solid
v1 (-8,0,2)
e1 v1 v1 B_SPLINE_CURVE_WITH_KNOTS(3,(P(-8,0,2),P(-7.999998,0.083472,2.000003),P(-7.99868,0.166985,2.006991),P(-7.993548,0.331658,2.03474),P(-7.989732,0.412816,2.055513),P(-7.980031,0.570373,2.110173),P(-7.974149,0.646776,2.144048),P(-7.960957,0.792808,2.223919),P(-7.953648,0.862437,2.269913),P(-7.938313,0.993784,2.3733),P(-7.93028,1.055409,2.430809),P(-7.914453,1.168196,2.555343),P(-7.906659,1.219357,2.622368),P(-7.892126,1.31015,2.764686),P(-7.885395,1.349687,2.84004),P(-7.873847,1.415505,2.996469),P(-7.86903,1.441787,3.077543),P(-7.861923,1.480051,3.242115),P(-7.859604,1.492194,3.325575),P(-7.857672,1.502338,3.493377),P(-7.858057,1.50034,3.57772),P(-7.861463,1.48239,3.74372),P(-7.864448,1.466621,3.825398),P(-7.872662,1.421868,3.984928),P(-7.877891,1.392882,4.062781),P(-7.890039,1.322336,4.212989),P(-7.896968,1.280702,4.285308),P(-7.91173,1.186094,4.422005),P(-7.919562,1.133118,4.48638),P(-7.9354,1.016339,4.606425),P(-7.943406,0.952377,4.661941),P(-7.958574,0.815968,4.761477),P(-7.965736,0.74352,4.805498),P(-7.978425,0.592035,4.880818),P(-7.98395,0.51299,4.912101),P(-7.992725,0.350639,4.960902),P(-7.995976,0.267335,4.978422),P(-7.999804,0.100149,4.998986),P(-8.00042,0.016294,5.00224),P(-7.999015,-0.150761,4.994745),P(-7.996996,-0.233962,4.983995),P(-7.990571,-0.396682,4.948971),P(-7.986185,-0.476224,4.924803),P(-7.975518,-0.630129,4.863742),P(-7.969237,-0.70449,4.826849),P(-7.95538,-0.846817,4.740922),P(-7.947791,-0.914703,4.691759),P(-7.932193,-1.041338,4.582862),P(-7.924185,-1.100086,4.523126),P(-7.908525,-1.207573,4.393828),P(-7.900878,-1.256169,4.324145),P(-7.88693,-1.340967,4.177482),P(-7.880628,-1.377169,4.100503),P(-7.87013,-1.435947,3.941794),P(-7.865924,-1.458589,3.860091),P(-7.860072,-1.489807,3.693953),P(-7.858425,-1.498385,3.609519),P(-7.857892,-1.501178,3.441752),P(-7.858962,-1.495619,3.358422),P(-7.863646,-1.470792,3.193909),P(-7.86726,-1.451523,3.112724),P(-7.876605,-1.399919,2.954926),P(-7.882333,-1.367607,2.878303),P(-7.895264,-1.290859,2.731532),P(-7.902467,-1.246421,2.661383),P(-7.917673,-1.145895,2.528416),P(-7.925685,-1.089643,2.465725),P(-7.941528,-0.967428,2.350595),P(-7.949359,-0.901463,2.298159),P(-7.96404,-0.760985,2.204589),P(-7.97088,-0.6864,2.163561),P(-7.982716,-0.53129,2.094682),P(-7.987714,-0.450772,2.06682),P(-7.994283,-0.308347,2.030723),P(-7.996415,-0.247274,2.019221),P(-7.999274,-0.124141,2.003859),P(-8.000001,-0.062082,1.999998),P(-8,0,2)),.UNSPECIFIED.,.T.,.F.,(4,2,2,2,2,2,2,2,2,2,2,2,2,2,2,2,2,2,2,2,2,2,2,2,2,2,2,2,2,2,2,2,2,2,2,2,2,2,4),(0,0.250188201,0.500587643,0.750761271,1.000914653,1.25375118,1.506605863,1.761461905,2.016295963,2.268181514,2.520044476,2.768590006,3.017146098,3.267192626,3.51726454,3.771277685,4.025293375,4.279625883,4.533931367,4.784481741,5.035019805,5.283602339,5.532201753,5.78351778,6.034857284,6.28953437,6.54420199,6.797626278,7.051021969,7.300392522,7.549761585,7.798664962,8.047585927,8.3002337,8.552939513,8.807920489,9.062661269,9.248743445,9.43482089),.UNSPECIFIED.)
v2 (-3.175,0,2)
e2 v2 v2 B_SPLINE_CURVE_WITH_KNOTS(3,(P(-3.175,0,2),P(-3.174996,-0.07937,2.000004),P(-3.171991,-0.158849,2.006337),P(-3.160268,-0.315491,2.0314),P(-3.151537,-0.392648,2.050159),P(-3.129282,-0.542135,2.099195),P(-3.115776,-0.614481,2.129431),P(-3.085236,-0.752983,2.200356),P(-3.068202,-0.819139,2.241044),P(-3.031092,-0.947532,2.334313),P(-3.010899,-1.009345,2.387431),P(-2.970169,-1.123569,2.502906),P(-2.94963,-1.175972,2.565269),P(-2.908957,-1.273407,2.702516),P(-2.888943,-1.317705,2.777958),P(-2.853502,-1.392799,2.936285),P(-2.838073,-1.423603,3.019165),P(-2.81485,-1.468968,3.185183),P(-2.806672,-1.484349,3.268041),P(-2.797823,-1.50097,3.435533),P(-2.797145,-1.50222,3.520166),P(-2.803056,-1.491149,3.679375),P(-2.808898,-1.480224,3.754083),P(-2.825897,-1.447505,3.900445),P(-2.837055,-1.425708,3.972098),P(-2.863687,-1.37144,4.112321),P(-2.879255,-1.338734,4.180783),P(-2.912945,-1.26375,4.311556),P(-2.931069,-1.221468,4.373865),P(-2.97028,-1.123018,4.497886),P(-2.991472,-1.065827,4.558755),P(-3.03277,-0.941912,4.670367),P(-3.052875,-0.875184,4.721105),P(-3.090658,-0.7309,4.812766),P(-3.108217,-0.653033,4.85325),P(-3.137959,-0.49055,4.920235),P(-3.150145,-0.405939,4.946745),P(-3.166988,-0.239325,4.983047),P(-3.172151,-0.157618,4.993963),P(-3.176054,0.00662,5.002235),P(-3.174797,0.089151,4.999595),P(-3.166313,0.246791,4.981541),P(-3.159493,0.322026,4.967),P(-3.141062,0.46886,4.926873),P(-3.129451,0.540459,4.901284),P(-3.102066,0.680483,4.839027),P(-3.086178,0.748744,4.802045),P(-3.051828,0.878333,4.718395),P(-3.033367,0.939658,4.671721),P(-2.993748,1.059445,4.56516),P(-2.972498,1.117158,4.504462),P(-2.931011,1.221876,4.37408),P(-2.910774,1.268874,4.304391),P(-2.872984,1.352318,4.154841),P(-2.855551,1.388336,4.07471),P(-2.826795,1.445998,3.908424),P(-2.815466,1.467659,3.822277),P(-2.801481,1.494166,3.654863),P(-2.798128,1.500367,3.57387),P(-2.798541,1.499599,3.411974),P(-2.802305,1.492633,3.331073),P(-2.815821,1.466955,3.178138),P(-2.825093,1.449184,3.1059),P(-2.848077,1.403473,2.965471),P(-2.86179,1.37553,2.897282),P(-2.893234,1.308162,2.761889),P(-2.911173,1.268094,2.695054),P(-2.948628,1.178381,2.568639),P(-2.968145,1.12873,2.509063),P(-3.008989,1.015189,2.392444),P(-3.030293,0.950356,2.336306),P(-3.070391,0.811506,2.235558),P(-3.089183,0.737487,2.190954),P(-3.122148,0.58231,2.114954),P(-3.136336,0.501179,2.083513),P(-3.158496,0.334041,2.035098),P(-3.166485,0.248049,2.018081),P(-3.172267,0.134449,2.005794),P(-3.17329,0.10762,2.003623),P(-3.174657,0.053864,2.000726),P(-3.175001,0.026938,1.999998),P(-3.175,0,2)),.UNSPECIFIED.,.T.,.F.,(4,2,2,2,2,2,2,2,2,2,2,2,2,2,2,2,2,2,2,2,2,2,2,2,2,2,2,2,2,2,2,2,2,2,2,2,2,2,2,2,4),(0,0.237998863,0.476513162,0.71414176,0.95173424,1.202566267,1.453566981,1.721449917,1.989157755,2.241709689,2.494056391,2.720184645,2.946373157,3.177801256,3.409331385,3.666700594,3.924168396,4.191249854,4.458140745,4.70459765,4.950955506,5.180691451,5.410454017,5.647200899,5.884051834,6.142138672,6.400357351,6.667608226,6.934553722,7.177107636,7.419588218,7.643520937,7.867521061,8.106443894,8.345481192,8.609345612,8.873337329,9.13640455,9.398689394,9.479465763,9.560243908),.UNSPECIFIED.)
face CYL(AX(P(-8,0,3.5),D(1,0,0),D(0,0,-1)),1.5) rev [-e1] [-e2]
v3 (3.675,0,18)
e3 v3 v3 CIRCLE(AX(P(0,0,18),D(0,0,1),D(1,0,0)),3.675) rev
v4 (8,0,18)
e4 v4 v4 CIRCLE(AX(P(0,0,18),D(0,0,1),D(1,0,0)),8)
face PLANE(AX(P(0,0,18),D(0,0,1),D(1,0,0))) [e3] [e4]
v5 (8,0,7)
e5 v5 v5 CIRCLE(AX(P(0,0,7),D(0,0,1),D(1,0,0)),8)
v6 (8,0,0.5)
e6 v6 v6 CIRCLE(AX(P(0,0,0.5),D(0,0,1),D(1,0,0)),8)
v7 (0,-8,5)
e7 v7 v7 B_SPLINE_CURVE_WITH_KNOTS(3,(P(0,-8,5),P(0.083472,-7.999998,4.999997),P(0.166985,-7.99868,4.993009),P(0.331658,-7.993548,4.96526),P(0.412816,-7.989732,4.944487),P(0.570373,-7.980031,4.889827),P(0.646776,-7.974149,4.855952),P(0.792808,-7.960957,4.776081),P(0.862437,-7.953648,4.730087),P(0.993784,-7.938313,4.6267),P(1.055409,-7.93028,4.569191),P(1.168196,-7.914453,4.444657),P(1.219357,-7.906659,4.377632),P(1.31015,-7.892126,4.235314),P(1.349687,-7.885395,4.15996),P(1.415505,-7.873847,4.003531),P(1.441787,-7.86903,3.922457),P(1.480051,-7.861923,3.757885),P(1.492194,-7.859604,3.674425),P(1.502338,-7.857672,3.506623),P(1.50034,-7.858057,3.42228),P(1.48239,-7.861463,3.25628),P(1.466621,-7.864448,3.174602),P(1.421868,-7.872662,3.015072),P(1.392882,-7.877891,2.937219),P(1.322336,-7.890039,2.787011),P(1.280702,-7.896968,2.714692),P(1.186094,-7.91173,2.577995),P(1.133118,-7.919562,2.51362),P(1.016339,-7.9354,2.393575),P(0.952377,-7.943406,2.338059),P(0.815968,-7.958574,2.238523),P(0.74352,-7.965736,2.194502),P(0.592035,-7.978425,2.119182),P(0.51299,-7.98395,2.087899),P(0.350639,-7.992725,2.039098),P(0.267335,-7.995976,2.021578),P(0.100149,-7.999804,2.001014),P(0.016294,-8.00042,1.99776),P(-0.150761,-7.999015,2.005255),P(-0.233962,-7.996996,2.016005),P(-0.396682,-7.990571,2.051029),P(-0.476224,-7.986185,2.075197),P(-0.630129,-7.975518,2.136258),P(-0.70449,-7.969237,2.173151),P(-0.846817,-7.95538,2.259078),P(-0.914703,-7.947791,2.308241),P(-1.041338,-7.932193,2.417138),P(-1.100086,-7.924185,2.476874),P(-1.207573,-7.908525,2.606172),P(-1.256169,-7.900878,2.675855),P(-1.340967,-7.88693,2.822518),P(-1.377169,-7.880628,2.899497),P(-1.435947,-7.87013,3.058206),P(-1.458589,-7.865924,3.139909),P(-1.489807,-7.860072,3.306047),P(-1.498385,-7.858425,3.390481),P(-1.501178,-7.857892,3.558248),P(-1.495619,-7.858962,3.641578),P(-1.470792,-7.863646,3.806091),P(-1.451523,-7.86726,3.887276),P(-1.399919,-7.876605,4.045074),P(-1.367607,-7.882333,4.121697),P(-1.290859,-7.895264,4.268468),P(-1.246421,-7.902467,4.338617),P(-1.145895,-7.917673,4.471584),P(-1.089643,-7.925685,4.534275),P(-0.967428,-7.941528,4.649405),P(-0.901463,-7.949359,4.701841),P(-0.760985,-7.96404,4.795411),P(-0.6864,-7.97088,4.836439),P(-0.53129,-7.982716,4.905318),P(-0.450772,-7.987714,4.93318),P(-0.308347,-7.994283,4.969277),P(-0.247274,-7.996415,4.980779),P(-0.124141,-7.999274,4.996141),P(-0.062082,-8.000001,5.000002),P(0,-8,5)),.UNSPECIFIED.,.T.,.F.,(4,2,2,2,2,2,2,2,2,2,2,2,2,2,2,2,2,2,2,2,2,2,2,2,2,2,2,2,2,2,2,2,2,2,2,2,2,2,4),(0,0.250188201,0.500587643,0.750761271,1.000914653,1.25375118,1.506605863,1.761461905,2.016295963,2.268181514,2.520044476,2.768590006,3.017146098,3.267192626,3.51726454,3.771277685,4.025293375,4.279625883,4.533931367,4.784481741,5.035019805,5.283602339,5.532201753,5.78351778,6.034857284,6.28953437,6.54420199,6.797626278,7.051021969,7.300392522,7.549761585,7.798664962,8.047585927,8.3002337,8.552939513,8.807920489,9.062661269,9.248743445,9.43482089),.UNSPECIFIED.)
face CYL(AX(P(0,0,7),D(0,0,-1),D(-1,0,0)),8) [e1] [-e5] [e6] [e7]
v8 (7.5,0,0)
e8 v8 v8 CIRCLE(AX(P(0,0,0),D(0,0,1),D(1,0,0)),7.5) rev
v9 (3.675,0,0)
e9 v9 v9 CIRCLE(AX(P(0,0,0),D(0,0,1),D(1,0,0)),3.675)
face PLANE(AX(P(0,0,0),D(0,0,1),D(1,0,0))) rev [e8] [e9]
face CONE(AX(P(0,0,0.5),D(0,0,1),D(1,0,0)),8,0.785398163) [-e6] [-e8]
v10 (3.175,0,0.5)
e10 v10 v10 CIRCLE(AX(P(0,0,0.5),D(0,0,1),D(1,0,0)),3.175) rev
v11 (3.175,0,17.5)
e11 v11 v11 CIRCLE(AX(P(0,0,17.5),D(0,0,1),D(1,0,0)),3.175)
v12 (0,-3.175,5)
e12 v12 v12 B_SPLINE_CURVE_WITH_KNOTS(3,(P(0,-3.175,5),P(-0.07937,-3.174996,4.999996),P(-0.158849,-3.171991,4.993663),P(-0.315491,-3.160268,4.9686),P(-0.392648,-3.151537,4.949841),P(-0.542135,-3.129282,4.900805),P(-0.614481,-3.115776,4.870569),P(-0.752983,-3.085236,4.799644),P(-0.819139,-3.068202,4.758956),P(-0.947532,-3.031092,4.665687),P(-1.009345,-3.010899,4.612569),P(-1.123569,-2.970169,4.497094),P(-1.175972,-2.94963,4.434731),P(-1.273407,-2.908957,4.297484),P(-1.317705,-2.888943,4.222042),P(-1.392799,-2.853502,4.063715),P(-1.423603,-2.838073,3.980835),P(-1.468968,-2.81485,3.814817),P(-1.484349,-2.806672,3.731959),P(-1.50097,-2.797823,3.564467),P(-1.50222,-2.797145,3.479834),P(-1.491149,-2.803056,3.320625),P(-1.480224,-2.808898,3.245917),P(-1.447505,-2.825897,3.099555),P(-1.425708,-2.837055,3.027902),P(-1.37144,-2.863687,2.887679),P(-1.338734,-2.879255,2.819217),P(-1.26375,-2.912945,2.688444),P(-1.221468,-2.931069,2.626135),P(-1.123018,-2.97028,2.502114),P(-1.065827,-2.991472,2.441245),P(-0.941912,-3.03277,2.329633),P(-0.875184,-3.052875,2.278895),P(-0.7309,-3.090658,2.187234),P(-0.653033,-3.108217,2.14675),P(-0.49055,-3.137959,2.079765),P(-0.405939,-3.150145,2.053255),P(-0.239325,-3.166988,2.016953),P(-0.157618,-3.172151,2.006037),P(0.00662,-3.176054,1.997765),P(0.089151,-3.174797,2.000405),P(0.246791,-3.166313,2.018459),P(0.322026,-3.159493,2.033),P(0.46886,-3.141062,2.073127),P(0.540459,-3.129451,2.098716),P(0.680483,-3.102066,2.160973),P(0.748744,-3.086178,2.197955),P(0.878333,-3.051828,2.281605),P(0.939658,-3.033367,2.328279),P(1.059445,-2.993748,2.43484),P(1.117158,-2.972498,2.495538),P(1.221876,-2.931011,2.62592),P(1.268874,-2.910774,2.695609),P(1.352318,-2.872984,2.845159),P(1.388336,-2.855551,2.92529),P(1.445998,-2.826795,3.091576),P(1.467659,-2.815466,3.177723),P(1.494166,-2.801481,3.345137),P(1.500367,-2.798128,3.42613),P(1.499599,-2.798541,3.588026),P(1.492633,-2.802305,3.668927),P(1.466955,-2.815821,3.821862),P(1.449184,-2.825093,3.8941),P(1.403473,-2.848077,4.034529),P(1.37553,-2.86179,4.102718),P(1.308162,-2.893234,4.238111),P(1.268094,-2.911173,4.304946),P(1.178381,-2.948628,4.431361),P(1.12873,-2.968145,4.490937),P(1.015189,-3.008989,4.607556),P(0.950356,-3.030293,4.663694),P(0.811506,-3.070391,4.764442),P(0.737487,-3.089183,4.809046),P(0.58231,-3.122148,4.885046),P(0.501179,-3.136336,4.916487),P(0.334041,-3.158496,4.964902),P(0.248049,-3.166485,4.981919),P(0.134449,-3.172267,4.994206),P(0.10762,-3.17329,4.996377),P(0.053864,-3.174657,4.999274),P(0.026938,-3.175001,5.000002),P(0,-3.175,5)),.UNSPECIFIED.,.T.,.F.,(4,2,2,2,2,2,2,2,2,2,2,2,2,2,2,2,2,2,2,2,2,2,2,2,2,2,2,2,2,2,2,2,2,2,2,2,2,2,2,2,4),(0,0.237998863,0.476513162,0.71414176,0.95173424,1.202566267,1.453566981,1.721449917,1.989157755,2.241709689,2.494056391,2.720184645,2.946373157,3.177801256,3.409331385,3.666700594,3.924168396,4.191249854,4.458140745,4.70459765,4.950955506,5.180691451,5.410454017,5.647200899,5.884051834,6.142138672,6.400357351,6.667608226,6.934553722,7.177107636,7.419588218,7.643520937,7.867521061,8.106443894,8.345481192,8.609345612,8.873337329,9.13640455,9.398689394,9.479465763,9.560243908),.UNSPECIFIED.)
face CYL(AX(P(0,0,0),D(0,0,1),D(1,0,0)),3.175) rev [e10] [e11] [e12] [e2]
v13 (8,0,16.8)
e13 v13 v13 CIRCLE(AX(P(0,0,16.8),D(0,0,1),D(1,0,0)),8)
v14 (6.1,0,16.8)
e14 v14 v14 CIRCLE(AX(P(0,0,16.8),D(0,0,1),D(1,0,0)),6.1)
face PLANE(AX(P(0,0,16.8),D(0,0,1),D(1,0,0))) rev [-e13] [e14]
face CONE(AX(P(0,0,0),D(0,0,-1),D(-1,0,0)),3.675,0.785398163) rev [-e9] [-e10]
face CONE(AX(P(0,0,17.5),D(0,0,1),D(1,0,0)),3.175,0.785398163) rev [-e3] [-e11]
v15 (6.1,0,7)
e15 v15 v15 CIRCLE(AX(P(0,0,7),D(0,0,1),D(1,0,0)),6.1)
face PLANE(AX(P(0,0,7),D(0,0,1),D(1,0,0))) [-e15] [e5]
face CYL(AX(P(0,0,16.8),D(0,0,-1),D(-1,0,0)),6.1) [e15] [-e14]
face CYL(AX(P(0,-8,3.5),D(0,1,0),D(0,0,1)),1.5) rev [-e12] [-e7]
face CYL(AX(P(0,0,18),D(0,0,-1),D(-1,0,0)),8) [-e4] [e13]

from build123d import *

# Parameters (mm, degrees)
CROQUIS1_R              = 8
SALIENTE_EXTRUIR1_DEPTH = 7
CROQUIS2_R              = 6.1
SALIENTE_EXTRUIR2_DEPTH = 9.8
CROQUIS3_R              = 8
SALIENTE_EXTRUIR3_DEPTH = 1.2
CROQUIS4_R              = 3.175
CORTAR_EXTRUIR1_DEPTH   = 22.260291625
CHAFL_N1_SIZE           = 0.5
CROQUIS5_R              = 1.5
CORTAR_EXTRUIR2_DEPTH   = 22.260291625
CROQUIS6_R              = 1.5
CORTAR_EXTRUIR3_DEPTH   = 22.260291701


with BuildPart() as part:
    # Croquis1 → Saliente-Extruir1 (new body)
    with BuildSketch(Plane.XY):
        Circle(CROQUIS1_R)
    extrude(amount=SALIENTE_EXTRUIR1_DEPTH)

    # Croquis2 → Saliente-Extruir2 (add)
    with BuildSketch(Plane.XY.offset(7)):
        Circle(CROQUIS2_R)
    extrude(amount=SALIENTE_EXTRUIR2_DEPTH)

    # Croquis3 → Saliente-Extruir3 (add)
    with BuildSketch(Plane.XY.offset(16.8)):
        Circle(CROQUIS3_R)
    extrude(amount=SALIENTE_EXTRUIR3_DEPTH)

    # Croquis4 → Cortar-Extruir1 (cut, through all)
    with BuildSketch(Plane.XY.offset(18)):
        Circle(CROQUIS4_R)
    extrude(amount=-CORTAR_EXTRUIR1_DEPTH, mode=Mode.SUBTRACT)

    # Chaflán1
    chafl_n1_edges = [part.edges().sort_by_distance(p)[0] for p in [
        (-3.175, 0, 0),
        (-3.175, 0, 18),
        (-8, 0, 0),
    ]]
    chamfer(chafl_n1_edges, length=CHAFL_N1_SIZE)

    # Croquis5 → Cortar-Extruir2 (cut, through all)
    with BuildSketch(Plane(origin=(0, 0, 0), x_dir=(0, 0, -1), z_dir=(1, 0, 0))):
        with Locations((-3.5, 0)):
            Circle(CROQUIS5_R)
    extrude(amount=-CORTAR_EXTRUIR2_DEPTH, mode=Mode.SUBTRACT)

    # Croquis6 → Cortar-Extruir3 (cut, through all)
    with BuildSketch(Plane(origin=(0, 0, 0), x_dir=(1, 0, 0), z_dir=(0, 1, 0))):
        with Locations(Location((0, -3.5, 0), (0, 0, 270))):
            Circle(CROQUIS6_R)
    extrude(amount=-CORTAR_EXTRUIR3_DEPTH, mode=Mode.SUBTRACT)


solid = part.part
